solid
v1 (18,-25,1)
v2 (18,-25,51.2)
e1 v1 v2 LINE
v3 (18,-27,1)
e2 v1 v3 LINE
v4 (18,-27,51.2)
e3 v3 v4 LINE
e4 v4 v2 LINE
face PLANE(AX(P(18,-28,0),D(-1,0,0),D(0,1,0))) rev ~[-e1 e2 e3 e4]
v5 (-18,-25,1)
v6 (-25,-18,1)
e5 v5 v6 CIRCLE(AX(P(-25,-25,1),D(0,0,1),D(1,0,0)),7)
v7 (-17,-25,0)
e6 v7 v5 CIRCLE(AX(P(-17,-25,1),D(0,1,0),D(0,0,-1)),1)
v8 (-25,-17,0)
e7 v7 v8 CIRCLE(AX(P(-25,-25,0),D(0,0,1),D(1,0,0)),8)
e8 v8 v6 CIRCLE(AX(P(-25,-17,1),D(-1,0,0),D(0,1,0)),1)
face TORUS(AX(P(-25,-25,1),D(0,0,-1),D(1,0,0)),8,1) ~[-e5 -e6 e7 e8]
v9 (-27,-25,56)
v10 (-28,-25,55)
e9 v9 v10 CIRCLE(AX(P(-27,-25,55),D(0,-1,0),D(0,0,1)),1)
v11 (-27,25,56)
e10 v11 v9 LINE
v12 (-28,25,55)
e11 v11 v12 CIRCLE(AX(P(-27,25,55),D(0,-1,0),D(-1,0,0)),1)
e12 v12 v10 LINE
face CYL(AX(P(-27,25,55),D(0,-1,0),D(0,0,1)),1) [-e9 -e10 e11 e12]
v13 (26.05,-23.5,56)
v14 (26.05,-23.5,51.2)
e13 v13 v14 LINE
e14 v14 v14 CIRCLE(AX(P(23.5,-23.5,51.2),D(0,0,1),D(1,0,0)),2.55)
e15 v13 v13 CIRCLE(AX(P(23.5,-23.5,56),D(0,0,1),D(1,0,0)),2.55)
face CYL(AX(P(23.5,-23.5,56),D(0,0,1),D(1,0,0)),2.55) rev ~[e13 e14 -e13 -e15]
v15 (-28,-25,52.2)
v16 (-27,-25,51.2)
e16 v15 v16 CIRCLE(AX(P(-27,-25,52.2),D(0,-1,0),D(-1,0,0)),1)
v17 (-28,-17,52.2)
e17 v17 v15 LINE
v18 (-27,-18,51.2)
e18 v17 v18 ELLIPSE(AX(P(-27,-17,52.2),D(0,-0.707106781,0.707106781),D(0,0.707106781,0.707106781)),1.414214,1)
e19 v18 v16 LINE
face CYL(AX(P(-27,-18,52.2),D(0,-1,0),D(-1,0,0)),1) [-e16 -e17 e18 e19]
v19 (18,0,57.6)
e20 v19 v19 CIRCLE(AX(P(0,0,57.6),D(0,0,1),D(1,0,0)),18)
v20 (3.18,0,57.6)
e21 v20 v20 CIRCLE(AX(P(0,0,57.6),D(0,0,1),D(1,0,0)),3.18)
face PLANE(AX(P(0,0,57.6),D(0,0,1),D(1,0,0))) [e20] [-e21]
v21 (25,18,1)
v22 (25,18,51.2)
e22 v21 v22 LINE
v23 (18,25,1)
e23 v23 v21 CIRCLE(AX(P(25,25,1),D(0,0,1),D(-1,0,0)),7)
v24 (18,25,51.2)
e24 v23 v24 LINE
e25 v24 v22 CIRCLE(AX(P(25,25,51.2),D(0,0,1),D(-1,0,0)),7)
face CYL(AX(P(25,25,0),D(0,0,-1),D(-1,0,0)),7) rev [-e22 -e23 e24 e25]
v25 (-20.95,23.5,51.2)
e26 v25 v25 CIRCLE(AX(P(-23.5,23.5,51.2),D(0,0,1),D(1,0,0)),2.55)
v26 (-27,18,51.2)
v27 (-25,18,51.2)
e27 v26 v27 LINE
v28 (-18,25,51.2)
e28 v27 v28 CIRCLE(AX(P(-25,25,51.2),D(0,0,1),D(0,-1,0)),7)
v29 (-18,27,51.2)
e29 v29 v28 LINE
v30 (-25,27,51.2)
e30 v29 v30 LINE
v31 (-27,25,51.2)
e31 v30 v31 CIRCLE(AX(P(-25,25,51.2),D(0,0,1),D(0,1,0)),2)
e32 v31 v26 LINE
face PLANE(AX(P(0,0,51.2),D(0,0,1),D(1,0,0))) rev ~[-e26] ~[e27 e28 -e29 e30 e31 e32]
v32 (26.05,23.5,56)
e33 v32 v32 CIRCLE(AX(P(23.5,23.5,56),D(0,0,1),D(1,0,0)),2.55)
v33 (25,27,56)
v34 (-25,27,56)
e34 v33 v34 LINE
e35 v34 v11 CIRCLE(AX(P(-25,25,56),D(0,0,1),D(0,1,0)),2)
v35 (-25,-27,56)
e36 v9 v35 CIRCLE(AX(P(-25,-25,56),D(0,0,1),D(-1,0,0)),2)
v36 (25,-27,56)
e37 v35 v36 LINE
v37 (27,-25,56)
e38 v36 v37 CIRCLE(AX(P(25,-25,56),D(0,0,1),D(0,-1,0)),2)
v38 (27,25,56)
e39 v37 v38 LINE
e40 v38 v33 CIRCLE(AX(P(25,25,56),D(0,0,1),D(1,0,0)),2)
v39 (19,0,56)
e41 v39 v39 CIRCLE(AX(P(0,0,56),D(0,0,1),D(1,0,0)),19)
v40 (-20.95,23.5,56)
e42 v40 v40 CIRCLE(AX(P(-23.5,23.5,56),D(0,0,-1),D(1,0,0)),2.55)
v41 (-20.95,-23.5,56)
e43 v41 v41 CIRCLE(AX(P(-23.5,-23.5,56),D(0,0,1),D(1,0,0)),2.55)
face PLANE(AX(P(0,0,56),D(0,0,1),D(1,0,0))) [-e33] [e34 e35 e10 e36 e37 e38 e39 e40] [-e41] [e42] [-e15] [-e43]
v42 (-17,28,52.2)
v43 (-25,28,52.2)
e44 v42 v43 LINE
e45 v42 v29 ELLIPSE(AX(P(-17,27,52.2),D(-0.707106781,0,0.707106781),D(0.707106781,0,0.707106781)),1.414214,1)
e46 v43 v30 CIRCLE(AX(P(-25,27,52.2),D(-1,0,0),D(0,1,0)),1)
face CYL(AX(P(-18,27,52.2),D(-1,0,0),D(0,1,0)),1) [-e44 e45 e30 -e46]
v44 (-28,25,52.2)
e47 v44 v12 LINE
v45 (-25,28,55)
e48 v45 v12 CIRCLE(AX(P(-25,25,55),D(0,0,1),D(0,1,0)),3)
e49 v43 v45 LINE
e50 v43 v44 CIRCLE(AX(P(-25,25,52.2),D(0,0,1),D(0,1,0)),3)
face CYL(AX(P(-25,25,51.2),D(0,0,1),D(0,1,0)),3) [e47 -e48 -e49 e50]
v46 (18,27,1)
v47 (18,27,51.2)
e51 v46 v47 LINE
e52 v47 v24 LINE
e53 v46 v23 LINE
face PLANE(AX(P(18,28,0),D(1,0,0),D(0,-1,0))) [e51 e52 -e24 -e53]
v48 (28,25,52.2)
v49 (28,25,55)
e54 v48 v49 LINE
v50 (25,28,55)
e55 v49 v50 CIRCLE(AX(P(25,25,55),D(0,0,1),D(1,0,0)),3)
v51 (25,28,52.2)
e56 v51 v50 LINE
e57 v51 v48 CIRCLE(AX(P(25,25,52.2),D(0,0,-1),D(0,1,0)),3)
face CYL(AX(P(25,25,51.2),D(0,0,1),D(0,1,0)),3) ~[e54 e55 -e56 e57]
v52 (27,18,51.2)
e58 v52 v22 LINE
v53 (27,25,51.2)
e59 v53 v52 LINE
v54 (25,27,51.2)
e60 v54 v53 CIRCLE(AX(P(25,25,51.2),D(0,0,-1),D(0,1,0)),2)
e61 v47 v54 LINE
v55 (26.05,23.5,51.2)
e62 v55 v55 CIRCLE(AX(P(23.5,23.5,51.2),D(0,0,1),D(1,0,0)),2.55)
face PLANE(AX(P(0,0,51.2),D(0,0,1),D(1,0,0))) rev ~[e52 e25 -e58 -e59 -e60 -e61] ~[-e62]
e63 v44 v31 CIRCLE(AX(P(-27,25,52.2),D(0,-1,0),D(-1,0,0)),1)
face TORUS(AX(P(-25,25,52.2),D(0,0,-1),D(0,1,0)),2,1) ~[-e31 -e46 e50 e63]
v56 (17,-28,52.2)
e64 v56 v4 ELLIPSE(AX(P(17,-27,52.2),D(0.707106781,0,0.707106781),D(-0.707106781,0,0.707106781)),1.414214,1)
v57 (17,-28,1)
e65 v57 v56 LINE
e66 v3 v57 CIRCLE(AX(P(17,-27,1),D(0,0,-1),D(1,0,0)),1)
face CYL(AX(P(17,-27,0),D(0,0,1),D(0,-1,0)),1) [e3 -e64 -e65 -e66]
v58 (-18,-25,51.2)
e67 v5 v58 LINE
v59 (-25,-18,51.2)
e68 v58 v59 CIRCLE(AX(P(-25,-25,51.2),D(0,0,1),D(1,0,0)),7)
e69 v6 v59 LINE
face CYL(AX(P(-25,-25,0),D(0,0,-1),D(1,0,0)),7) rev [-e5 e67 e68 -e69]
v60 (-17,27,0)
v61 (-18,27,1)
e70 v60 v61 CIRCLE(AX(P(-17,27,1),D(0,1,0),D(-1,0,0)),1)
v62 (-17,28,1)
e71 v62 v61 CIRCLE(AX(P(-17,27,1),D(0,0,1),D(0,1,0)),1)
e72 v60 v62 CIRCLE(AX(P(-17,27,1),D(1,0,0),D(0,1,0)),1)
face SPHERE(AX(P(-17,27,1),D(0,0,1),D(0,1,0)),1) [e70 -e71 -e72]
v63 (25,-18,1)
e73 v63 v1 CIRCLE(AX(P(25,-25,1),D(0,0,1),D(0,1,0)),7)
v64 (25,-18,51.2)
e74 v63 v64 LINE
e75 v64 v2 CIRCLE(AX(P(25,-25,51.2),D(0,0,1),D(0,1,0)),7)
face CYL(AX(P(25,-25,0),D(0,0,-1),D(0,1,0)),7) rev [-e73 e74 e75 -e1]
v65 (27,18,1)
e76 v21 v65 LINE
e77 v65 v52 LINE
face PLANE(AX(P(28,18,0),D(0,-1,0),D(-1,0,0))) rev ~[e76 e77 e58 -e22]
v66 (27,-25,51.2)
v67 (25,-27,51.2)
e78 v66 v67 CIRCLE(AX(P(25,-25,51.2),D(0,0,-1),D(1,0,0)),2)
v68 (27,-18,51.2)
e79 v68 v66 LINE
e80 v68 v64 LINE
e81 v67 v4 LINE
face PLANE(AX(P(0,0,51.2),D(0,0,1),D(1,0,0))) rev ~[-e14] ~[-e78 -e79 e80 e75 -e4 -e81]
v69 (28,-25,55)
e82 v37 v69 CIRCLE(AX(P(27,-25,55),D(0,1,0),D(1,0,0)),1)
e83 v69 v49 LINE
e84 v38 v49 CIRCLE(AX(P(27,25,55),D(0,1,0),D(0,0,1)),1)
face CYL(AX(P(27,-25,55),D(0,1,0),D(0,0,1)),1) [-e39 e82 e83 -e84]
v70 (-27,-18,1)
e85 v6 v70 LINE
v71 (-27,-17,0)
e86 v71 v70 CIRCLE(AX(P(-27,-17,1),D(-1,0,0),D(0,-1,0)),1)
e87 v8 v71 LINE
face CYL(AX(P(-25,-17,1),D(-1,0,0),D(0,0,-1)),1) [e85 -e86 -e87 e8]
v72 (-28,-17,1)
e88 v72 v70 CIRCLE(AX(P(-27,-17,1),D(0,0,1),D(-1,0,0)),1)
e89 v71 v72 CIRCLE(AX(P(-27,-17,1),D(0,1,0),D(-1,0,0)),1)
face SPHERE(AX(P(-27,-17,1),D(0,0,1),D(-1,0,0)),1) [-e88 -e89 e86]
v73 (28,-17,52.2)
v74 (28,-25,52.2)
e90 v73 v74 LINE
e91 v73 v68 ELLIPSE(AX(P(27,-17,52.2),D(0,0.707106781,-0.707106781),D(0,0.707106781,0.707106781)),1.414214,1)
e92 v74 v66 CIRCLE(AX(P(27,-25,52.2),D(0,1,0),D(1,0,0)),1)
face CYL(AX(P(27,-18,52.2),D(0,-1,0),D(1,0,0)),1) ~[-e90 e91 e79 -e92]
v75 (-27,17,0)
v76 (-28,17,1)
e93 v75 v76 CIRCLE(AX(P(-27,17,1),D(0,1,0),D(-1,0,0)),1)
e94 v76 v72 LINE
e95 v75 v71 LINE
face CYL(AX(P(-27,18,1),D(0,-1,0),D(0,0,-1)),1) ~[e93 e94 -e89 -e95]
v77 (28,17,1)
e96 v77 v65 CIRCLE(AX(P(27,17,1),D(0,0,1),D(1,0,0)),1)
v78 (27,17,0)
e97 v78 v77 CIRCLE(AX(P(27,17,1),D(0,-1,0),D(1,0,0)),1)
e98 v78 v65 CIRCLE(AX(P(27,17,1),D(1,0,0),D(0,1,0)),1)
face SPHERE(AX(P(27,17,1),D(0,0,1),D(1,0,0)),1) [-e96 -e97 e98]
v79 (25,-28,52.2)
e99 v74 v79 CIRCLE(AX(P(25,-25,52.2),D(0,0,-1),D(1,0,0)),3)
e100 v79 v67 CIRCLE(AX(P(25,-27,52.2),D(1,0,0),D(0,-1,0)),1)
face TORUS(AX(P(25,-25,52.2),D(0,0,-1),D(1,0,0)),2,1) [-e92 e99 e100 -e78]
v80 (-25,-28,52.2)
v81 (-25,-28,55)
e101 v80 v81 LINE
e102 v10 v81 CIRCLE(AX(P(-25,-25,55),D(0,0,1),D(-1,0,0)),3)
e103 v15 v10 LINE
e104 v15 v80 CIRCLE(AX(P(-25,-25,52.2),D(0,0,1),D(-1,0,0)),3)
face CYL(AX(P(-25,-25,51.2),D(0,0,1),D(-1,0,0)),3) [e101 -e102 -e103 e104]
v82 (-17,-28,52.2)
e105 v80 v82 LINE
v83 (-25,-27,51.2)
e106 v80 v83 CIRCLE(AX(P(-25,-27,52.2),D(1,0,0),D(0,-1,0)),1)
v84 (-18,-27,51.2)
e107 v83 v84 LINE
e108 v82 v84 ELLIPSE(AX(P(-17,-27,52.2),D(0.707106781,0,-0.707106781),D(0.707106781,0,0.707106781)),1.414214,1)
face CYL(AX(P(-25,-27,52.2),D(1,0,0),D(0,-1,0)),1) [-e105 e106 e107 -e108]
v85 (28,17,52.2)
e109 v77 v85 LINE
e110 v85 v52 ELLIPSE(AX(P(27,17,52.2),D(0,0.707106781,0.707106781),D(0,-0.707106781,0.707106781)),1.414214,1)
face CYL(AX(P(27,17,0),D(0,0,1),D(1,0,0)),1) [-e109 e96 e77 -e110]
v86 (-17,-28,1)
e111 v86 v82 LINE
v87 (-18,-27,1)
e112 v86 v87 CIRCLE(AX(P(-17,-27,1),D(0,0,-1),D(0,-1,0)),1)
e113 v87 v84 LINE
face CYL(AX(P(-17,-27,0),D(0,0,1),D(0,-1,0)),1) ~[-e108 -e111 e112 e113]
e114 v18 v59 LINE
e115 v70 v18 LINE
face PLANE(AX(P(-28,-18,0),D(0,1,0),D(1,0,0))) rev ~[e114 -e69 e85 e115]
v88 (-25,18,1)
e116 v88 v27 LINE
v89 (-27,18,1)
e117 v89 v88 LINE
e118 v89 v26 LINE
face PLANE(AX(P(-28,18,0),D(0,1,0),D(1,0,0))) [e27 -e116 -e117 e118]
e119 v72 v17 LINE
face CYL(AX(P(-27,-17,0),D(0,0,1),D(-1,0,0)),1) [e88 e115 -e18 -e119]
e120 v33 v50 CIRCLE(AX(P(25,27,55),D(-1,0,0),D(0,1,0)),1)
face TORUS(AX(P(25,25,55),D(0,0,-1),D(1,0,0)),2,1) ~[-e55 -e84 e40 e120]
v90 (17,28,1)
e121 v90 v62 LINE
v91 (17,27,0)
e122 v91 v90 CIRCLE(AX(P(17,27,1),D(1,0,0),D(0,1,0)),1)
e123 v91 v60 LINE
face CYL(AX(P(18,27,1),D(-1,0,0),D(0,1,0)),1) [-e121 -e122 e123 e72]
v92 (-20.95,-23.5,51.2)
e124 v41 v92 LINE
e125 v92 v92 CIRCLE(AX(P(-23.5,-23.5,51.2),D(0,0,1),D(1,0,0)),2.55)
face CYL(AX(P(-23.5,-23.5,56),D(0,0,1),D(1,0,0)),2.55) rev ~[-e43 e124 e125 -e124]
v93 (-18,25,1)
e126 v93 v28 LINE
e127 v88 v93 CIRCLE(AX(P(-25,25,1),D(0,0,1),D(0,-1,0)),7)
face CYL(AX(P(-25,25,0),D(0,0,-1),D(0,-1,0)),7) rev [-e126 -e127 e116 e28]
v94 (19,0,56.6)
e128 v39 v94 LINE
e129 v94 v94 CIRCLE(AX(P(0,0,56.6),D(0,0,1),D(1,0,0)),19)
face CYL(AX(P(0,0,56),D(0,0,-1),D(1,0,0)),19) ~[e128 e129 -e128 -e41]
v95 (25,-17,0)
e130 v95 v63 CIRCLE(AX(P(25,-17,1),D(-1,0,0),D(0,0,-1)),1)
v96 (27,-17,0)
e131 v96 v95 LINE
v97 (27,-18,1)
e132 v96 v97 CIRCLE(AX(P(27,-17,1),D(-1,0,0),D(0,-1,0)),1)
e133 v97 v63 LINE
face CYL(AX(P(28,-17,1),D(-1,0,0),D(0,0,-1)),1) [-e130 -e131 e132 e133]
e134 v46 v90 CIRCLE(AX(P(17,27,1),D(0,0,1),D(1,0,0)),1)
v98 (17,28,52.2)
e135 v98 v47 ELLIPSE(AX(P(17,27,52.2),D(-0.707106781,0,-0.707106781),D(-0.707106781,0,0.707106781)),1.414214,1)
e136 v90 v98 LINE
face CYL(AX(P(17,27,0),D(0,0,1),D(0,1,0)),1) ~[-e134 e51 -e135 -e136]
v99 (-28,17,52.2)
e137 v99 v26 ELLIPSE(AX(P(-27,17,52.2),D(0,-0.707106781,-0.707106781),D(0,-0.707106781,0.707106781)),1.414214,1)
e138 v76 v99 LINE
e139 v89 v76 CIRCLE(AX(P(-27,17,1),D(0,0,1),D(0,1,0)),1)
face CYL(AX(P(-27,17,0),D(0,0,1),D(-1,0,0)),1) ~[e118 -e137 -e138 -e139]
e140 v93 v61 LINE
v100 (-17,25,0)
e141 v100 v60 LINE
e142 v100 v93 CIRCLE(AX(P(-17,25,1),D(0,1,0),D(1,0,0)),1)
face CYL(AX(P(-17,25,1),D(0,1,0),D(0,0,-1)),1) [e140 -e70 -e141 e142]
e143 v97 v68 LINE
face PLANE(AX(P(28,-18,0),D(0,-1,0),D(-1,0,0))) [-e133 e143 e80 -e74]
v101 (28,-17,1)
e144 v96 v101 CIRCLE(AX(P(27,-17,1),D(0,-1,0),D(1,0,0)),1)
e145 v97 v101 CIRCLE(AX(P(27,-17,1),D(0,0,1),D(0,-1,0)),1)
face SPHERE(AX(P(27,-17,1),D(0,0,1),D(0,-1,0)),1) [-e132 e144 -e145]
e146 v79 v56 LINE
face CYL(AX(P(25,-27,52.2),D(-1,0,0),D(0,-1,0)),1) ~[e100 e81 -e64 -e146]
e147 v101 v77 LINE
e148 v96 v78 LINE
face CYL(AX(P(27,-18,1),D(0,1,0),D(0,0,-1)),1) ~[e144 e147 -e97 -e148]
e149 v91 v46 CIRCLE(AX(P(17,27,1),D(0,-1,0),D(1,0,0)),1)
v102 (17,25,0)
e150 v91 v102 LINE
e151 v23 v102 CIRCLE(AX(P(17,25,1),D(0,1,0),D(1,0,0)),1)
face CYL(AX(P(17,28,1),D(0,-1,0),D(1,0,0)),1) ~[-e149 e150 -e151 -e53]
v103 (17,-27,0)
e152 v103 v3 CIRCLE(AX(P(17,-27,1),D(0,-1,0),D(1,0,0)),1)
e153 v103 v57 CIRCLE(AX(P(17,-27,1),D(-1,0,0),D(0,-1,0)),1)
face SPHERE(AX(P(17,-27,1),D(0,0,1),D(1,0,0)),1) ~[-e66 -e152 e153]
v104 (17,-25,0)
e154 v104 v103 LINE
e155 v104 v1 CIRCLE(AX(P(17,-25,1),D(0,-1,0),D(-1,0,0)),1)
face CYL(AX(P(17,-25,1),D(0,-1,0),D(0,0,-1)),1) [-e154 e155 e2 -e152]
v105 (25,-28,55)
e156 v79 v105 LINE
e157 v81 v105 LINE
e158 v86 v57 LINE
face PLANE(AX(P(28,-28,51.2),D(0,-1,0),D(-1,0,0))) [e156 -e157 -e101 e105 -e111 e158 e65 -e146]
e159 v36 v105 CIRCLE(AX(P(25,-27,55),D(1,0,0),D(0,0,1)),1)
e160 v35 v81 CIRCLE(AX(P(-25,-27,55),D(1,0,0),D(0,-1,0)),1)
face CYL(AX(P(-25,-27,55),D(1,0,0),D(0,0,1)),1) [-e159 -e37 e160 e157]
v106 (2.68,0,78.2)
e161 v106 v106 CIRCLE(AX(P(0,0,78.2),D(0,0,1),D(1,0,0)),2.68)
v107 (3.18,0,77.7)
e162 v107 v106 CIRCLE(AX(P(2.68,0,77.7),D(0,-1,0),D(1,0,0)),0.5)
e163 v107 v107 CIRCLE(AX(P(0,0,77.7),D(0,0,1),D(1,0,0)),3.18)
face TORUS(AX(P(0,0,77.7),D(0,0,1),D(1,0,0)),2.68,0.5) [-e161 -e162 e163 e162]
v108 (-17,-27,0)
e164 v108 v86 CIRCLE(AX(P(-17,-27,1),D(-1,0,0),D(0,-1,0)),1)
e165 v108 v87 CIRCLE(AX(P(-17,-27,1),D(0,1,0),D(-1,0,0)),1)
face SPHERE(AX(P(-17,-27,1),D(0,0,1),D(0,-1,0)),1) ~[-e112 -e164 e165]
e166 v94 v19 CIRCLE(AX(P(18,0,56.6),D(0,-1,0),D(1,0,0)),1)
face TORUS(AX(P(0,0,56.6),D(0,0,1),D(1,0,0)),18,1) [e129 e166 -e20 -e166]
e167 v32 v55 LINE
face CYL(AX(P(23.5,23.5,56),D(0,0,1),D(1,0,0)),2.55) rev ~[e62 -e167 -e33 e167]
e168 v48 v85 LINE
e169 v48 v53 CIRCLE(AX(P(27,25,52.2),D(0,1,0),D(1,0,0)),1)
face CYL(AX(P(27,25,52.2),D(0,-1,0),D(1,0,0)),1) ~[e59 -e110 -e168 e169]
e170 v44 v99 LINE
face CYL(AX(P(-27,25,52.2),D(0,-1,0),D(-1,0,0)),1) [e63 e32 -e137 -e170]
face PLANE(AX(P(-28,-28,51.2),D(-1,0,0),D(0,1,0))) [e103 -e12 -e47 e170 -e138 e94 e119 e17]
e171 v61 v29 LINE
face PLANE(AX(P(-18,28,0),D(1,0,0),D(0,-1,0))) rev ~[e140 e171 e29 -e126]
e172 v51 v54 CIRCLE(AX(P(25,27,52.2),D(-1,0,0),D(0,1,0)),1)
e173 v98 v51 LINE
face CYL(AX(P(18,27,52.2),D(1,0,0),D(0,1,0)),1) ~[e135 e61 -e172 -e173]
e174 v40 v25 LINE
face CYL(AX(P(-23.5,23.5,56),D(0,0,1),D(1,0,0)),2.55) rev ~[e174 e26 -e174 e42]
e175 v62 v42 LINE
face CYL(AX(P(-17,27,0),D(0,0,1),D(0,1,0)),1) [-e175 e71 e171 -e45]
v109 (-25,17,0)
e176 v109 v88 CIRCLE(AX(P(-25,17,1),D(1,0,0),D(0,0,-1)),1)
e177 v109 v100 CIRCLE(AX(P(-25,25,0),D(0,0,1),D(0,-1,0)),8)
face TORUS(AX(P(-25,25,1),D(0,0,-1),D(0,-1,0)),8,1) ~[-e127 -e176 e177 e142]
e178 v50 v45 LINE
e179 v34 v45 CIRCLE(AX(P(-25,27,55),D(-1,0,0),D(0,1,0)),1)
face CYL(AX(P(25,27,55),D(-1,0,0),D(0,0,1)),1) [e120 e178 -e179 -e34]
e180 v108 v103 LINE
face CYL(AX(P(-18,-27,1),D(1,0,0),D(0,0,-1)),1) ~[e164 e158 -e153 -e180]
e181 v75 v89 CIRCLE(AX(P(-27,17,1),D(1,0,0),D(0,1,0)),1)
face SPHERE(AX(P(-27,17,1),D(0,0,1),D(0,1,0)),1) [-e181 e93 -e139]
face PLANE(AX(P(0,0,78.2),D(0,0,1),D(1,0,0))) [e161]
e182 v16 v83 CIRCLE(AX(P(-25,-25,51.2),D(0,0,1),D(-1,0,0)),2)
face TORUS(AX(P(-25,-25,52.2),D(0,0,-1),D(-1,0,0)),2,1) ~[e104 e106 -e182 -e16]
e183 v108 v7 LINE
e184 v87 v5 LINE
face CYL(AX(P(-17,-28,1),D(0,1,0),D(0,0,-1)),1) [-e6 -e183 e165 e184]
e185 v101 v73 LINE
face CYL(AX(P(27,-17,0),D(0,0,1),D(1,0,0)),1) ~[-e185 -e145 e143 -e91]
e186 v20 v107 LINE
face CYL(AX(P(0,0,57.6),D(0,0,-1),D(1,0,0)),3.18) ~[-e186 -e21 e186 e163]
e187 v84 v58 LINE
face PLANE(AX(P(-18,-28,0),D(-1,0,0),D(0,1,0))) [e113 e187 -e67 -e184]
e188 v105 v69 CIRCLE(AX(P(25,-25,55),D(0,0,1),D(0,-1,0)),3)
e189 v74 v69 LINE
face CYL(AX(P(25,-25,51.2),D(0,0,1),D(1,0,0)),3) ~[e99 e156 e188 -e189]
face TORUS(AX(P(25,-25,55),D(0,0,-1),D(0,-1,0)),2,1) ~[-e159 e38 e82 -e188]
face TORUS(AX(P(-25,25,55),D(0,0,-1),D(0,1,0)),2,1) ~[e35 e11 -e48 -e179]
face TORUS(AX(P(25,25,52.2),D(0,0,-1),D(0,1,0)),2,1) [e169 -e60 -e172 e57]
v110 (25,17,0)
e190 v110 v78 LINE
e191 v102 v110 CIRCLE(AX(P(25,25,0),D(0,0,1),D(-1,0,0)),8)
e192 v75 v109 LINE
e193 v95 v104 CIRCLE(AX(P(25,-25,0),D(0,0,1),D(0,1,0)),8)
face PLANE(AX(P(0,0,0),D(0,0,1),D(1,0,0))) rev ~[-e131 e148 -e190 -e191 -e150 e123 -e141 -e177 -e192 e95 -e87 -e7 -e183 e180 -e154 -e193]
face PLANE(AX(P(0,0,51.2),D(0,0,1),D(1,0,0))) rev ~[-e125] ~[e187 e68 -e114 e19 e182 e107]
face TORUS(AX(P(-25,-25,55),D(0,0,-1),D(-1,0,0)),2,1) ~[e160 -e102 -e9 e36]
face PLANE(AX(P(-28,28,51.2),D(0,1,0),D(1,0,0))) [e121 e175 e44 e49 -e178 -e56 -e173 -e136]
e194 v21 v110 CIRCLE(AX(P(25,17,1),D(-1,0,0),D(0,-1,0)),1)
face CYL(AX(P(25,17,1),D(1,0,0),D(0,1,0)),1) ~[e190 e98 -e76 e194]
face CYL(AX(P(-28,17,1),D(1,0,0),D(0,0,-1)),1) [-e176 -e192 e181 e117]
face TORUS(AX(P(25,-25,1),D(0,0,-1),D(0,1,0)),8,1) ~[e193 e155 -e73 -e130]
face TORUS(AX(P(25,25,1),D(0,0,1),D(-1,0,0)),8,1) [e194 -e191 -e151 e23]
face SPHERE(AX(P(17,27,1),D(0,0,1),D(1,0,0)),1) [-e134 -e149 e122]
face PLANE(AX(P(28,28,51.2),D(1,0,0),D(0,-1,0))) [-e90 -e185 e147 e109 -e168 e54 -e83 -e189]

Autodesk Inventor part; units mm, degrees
ref_plane "YZ Plane" through (0, 0, 0) normal (1, 0, 0) x (0, 1, 0)
ref_plane "XZ Plane" through (0, 0, 0) normal (0, 1, 0) x (-1, 0, 0)
ref_plane "XY Plane" through (0, 0, 0) normal (0, 0, 1) x (1, 0, 0)
sketch "Szkic1" plane through (0, 0, 0) normal (0, 0, 1) x (1, 0, 0)
  line L0 (28, 28) -> (-28, 28)
  line L1 (-28, 28) -> (-28, -28)
  line L2 (-28, -28) -> (28, -28)
  line L3 (28, -28) -> (28, 28)
  line L4 (-18, 28) -> (-18, 25)
  line L5 (-28, 18) -> (-25, 18)
  line L6 (-18, -28) -> (-18, -25)
  line L7 (-28, -18) -> (-25, -18)
  line L8 (28, -18) -> (25, -18)
  line L9 (28, 18) -> (25, 18)
  line L10 (18, 28) -> (18, 25)
  arc A0 (-25, 18) -> (-18, 25) centre (-25, 25) ccw
  arc A1 (18, 25) -> (25, 18) centre (25, 25) ccw
  arc A2 (-18, -25) -> (-25, -18) centre (-25, -25) ccw
  line L11 (18, -28) -> (18, -25)
  arc A3 (25, -18) -> (18, -25) centre (25, -25) ccw
  point P0 (0, 0)
  dimension "d0" = 56
  dimension "d1" = 56
  dimension "d2" = 3
  dimension "d3" = 3
  dimension "d4" = 3
  dimension "d5" = 3
  dimension "d6" = 3
  dimension "d7" = 3
  dimension "d8" = 3
  dimension "d9" = 3
extrude "Wyciągnięcie proste1" add sketch "Szkic1" along normal blind 51.2 contours L10 A1 L9 L3 L8 A3 L11 L2 L6 A2 L7 L1 L5 A0 L4 L0
sketch "Szkic2" plane through (0, 0, 51.2) normal (0, 0, 1) x (1, 0, 0)
  line L0 (-28, 28) -> (28, 28)
  line L1 (28, 28) -> (28, -28)
  line L2 (28, -28) -> (-28, -28)
  line L3 (-28, -28) -> (-28, 28)
  point P0 (0, 0)
  dimension "d12" = 56
extrude "Wyciągnięcie proste2" add sketch "Szkic2" along normal blind 4.8
fillet "Zaokrąglenie1" radius 3 4 edges at (28, 28, 53.6) (-28, 28, 53.6) (28, -28, 53.6) (-28, -28, 53.6)
sketch "Szkic3" plane through (0, 0, 56) normal (0, 0, 1) x (1, 0, 0)
  line L0 (-23.5, 28) -> (-23.5, 23.5)
  circle A0 centre (-23.5, 23.5) radius 2.55
  circle A1 centre (23.5, 23.5) radius 2.55
  circle A2 centre (23.5, -23.5) radius 2.55
  circle A3 centre (-23.5, -23.5) radius 2.55
  point P0 (0, 0)
  dimension "d16" = 4.5
  dimension "d17" = 5.1
  dimension "d18" = 5.1
  dimension "d19" = 5.1
  dimension "d20" = 5.1
extrude "Wyciągnięcie proste3" cut sketch "Szkic3" against normal blind 4.8
fillet "Zaokrąglenie2" radius 1 44 edges at (18, 28, 25.6) (28, 18, 25.6) (28, -18, 25.6) (18, -28, 25.6) (-18, -28, 25.6) (-28, -18, 25.6) (-28, 18, 25.6) (-18, 28, 25.6) (-27.1213, 27.1213, 56) (-28, 0, 56) (-27.1213, -27.1213, 56) (0, -28, 56) (27.1213, -27.1213, 56) (28, 0, 56) (27.1213, 27.1213, 56) (0, 28, 56) (-27.1213, 27.1213, 51.2) (-21.5, 28, 51.2) (-28, 21.5, 51.2) (-27.1213, -27.1213, 51.2) (-21.5, -28, 51.2) (-28, -21.5, 51.2) (27.1213, -27.1213, 51.2) (28, -21.5, 51.2) (21.5, -28, 51.2) (27.1213, 27.1213, 51.2) (21.5, 28, 51.2) (28, 21.5, 51.2) (26.5, -18, 0) (18, -26.5, 0) (20.0503, -20.0503, 0) (0, -28, 0) (28, 0, 0) (18, 26.5, 0) (26.5, 18, 0) (20.0503, 20.0503, 0) (0, 28, 0) (-26.5, 18, 0) (-18, 26.5, 0) (-20.0503, 20.0503, 0) (-28, 0, 0) (-18, -26.5, 0) (-26.5, -18, 0) (-20.0503, -20.0503, 0)
sketch "Szkic4" plane through (0, 0, 56) normal (0, 0, 1) x (1, 0, 0)
  circle A0 centre (0, 0) radius 19
  dimension "d24" = 38
extrude "Wyciągnięcie proste4" add sketch "Szkic4" along normal blind 1.6
fillet "Zaokrąglenie3" radius 1 1 edges at (-19, 0, 57.6)
sketch "Szkic5" plane through (0, 0, 57.6) normal (0, 0, 1) x (1, 0, 0)
  circle A0 centre (0, 0) radius 3.18
  dimension "d28" = 6.36
extrude "Wyciągnięcie proste5" add sketch "Szkic5" along normal blind 20.6
fillet "Zaokrąglenie4" radius 0.5 1 edges at (-3.18, 0, 78.2)
properties part number "silnik_krokowy_W56.4xH56.4xL56"
